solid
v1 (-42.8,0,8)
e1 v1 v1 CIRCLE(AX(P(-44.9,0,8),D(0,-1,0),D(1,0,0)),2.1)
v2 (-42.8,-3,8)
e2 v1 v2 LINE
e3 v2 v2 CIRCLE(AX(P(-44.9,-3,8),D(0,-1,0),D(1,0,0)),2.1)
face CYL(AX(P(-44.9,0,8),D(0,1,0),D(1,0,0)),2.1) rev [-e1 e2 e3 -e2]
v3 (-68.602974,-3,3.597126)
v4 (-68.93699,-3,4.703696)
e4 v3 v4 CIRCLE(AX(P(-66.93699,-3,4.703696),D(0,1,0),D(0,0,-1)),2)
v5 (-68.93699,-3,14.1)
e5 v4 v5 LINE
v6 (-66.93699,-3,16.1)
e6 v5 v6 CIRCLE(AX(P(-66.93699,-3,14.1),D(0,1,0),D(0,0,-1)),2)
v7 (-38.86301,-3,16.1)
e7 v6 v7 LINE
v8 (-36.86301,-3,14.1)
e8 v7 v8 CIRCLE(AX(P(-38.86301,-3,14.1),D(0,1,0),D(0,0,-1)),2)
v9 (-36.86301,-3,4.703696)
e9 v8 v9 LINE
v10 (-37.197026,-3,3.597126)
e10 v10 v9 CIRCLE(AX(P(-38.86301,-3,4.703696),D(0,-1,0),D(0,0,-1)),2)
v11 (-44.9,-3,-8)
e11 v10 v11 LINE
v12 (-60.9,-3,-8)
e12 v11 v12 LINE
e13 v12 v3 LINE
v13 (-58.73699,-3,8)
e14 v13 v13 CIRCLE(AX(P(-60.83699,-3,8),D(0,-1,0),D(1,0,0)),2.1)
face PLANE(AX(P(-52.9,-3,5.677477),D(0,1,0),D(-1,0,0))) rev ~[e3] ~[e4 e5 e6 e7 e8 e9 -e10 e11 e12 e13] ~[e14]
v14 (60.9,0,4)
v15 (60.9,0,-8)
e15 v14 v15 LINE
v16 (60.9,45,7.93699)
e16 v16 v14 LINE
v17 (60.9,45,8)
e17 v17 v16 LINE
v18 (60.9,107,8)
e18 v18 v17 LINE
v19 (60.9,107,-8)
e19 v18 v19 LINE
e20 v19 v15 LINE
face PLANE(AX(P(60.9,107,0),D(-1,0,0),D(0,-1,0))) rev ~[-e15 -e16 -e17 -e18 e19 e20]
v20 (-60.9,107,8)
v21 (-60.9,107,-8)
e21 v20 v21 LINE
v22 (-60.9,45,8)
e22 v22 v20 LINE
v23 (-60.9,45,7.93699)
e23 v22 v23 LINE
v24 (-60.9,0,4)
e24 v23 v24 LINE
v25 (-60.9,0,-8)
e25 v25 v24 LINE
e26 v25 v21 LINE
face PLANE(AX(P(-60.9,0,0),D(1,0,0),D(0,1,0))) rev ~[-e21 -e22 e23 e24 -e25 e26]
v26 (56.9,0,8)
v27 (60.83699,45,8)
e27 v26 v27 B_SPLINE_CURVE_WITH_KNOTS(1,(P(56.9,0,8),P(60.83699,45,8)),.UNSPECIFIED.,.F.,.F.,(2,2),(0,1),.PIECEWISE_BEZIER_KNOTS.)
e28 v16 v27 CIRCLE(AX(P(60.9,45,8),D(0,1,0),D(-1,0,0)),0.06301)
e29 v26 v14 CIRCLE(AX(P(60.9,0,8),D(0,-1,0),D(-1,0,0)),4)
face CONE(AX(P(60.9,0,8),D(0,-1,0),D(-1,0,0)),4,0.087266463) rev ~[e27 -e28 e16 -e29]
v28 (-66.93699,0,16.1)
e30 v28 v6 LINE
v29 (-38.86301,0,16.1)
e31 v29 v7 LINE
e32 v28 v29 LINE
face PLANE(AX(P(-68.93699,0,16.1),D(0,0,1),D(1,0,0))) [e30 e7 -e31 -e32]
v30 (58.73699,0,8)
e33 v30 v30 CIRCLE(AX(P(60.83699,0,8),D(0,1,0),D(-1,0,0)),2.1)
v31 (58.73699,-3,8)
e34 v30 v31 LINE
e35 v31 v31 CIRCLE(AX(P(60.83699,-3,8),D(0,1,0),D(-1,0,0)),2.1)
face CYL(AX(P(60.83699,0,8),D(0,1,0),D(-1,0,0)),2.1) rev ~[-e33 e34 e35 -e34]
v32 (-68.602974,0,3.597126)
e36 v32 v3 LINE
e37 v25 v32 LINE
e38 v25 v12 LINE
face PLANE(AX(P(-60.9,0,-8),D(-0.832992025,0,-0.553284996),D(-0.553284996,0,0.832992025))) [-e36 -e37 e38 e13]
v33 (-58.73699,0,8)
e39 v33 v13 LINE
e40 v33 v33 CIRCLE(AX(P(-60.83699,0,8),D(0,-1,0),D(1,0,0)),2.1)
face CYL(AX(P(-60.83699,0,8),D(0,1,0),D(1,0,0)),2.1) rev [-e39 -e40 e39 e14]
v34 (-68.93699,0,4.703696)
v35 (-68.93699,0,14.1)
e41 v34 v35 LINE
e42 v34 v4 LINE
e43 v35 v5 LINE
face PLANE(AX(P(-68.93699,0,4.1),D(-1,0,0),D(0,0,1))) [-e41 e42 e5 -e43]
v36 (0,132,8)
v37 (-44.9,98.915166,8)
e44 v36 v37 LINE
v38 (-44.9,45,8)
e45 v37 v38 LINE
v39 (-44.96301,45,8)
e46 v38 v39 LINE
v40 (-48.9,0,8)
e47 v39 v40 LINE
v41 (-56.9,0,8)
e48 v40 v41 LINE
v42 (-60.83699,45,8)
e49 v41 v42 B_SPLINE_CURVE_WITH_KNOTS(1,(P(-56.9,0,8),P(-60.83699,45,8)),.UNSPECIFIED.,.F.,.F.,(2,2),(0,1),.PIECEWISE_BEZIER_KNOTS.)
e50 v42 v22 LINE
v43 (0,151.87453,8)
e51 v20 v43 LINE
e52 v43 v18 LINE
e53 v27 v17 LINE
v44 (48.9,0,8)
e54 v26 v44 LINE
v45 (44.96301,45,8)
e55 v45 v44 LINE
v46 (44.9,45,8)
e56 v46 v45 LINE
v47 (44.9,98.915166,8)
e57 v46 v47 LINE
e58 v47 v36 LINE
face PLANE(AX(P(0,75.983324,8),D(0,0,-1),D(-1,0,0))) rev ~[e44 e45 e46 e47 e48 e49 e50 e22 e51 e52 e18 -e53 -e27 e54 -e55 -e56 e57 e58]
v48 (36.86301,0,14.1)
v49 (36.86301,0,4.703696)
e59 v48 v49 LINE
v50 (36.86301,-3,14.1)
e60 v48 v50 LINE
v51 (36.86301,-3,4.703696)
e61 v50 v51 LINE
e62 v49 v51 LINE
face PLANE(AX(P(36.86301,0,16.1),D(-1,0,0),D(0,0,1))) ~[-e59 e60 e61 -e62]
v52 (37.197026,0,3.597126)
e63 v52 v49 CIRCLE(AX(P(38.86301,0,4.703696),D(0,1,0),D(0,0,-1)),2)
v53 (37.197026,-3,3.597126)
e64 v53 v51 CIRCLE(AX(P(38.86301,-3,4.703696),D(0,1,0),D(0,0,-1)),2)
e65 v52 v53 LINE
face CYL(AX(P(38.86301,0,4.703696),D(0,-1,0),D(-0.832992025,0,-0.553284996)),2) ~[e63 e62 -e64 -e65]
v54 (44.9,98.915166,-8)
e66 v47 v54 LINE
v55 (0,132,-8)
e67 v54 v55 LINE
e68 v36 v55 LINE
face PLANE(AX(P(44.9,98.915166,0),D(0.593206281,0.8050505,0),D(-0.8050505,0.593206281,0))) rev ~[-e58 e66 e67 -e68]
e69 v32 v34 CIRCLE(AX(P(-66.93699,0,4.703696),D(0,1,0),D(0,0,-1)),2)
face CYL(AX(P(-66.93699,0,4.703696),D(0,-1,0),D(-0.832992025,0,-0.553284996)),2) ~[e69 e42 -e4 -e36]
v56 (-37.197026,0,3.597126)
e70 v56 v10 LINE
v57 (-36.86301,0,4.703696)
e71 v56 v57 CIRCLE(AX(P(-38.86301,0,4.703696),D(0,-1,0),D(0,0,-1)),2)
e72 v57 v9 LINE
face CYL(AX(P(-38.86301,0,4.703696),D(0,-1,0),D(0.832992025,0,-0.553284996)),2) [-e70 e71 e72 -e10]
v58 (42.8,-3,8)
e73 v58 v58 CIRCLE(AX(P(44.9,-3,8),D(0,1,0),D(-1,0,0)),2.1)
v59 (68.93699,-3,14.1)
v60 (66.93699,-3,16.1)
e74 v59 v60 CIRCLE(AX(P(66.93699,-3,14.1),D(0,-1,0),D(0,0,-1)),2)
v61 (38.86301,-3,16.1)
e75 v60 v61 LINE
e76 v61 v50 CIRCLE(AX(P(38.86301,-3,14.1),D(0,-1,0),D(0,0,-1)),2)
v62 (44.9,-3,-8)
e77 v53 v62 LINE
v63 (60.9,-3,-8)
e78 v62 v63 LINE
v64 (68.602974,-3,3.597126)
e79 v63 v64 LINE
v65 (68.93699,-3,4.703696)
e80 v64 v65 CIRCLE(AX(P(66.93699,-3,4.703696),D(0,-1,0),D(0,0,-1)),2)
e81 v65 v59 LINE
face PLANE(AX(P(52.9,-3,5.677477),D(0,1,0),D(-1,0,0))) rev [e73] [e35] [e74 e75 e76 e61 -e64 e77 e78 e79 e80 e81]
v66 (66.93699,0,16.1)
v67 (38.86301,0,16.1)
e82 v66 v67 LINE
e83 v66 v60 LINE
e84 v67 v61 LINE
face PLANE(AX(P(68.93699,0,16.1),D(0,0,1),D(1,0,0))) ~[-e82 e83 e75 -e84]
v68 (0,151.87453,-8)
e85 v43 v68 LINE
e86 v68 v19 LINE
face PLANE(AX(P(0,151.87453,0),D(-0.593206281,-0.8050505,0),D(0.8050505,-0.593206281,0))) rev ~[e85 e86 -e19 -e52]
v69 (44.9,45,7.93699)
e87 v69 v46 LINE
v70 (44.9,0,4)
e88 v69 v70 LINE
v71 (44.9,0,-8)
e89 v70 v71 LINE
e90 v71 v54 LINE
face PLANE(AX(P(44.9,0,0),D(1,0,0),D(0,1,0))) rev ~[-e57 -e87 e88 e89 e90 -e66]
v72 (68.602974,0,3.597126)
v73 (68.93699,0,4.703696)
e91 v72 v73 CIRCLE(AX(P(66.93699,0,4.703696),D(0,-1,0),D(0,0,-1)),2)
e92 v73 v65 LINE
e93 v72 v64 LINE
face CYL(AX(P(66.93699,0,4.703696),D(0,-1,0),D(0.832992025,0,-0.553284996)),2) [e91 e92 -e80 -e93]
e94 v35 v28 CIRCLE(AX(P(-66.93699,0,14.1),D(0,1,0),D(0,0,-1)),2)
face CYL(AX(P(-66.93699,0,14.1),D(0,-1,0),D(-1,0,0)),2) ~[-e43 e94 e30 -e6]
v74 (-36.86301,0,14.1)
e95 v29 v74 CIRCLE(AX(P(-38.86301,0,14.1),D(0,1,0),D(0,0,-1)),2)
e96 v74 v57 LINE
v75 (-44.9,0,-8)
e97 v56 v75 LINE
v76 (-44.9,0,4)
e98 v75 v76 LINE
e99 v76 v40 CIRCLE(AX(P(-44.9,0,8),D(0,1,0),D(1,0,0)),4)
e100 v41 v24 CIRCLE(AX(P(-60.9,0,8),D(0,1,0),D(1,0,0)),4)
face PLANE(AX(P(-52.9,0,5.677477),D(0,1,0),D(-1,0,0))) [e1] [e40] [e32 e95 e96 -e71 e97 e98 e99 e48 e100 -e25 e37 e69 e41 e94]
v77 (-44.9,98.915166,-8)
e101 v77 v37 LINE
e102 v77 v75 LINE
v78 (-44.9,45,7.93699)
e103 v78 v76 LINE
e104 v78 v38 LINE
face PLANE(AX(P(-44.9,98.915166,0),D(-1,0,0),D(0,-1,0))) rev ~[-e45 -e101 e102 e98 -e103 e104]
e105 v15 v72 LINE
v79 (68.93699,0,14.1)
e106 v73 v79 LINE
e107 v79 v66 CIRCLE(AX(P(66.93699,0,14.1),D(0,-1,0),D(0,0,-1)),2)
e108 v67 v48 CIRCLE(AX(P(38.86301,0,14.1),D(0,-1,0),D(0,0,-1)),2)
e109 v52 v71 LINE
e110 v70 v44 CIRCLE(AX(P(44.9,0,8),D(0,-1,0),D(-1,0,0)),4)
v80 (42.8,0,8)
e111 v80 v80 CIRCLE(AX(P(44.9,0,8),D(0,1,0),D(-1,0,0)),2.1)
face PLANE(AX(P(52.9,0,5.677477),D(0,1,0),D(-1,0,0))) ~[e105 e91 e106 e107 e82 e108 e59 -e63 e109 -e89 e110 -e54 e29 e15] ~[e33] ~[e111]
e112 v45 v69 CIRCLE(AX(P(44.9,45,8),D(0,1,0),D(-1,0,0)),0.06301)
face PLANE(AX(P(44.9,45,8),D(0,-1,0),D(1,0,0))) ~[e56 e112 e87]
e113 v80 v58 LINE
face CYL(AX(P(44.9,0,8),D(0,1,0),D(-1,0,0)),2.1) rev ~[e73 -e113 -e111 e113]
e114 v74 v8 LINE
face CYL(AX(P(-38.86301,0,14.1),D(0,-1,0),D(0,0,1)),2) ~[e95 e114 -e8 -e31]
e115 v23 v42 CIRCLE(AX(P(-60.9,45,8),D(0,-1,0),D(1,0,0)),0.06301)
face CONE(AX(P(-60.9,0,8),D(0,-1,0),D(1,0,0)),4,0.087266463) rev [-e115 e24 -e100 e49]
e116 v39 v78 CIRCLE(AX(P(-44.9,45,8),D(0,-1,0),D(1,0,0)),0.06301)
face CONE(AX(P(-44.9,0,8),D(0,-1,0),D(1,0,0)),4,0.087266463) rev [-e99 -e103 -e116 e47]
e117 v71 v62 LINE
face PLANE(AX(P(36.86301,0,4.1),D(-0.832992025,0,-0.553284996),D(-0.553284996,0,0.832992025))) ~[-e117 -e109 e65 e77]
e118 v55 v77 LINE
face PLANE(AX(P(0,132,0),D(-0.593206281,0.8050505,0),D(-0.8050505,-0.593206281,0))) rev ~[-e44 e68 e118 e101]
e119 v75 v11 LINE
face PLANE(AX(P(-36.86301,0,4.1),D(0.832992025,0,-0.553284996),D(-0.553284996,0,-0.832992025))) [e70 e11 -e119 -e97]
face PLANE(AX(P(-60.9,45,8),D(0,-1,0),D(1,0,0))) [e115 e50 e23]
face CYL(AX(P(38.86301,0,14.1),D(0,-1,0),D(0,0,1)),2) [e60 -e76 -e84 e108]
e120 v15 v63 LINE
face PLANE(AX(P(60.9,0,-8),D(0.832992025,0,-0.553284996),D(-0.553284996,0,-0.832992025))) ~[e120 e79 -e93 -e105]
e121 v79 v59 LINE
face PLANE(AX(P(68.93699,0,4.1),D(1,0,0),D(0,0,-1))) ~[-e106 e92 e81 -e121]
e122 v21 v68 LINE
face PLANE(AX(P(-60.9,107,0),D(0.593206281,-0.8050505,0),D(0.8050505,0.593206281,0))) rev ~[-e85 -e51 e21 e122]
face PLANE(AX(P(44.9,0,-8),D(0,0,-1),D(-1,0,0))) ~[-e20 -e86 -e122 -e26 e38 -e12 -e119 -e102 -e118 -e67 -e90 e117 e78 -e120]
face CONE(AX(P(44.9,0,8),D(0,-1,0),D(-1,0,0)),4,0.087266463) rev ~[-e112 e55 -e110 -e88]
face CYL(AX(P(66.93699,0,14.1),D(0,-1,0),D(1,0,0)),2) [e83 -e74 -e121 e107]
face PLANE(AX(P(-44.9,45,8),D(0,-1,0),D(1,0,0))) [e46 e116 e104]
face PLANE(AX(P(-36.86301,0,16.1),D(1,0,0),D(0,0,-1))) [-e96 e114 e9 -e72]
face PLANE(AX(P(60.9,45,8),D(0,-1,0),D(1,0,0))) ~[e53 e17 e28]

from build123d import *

# Parameters (mm, degrees)
BOSS_EXTRUDE1_DEPTH  = 8
SKETCH2_R            = 4
CUT_EXTRUDE1_DEPTH   = 45
CUT_EXTRUDE1_TAPER   = 5
SKETCH3_R            = 2.1
BOSS_EXTRUDE2_DEPTH  = 3
FILLET1_R            = 2
FILLET1_OF_MIRROR1_R = 2


with BuildPart() as part:
    # Sketch1 → Boss-Extrude1 (new body, symmetric)
    with BuildSketch(Plane.XY):
        Polygon((-60.9, 0), (-60.9, 107), (0, 151.8745296), (60.9, 107), (60.9, 0), (44.9, 0), (44.9, 98.91516619), (0, 132), (-44.9, 98.91516619), (-44.9, 0), align=None)
    extrude(amount=BOSS_EXTRUDE1_DEPTH, both=True)

    # Sketch2 → Cut-Extrude1 (cut)
    with BuildSketch(Plane.XZ):
        with Locations((-60.9, 8)):
            Circle(SKETCH2_R)
        with Locations((-44.9, 8)):
            Circle(SKETCH2_R)
    cut_extrude1 = extrude(amount=-CUT_EXTRUDE1_DEPTH, taper=CUT_EXTRUDE1_TAPER, mode=Mode.SUBTRACT)

    # Sketch3 → Boss-Extrude2 (add)
    with BuildSketch(Plane.XZ):
        Polygon((-60.9, -8), (-68.936989859, 4.1), (-68.936989859, 16.1), (-36.863010141, 16.1), (-36.863010141, 4.1), (-44.9, -8), align=None)
        with Locations((-60.836989859, 8)):
            Circle(SKETCH3_R, mode=Mode.SUBTRACT)
        with Locations((-44.9, 8)):
            Circle(SKETCH3_R, mode=Mode.SUBTRACT)
    boss_extrude2 = extrude(amount=BOSS_EXTRUDE2_DEPTH)

    # Fillet1
    fillet1_edges = [part.edges().sort_by_distance(p)[0] for p in [
        (-36.863010141, -1.5, 4.1),
        (-36.863010141, -1.5, 16.1),
        (-68.936989859, -1.5, 16.1),
        (-68.936989859, -1.5, 4.1),
    ]]
    fillet(fillet1_edges, radius=FILLET1_R)

    # Mirror1: Cut-Extrude1, Boss-Extrude2 across plane
    add(cut_extrude1.mirror(Plane(origin=(0, 0, 0), x_dir=(0, 0, 1), z_dir=(1, 0, 0))), mode=Mode.SUBTRACT)
    add(boss_extrude2.mirror(Plane(origin=(0, 0, 0), x_dir=(0, 0, 1), z_dir=(1, 0, 0))))

    # Fillet1 of Mirror1
    fillet1_of_mirror1_edges = [part.edges().sort_by_distance(p)[0] for p in [
        (36.863010141, -1.5, 4.1),
        (36.863010141, -1.5, 16.1),
        (68.936989859, -1.5, 16.1),
        (68.936989859, -1.5, 4.1),
    ]]
    fillet(fillet1_of_mirror1_edges, radius=FILLET1_OF_MIRROR1_R)


solid = part.part
